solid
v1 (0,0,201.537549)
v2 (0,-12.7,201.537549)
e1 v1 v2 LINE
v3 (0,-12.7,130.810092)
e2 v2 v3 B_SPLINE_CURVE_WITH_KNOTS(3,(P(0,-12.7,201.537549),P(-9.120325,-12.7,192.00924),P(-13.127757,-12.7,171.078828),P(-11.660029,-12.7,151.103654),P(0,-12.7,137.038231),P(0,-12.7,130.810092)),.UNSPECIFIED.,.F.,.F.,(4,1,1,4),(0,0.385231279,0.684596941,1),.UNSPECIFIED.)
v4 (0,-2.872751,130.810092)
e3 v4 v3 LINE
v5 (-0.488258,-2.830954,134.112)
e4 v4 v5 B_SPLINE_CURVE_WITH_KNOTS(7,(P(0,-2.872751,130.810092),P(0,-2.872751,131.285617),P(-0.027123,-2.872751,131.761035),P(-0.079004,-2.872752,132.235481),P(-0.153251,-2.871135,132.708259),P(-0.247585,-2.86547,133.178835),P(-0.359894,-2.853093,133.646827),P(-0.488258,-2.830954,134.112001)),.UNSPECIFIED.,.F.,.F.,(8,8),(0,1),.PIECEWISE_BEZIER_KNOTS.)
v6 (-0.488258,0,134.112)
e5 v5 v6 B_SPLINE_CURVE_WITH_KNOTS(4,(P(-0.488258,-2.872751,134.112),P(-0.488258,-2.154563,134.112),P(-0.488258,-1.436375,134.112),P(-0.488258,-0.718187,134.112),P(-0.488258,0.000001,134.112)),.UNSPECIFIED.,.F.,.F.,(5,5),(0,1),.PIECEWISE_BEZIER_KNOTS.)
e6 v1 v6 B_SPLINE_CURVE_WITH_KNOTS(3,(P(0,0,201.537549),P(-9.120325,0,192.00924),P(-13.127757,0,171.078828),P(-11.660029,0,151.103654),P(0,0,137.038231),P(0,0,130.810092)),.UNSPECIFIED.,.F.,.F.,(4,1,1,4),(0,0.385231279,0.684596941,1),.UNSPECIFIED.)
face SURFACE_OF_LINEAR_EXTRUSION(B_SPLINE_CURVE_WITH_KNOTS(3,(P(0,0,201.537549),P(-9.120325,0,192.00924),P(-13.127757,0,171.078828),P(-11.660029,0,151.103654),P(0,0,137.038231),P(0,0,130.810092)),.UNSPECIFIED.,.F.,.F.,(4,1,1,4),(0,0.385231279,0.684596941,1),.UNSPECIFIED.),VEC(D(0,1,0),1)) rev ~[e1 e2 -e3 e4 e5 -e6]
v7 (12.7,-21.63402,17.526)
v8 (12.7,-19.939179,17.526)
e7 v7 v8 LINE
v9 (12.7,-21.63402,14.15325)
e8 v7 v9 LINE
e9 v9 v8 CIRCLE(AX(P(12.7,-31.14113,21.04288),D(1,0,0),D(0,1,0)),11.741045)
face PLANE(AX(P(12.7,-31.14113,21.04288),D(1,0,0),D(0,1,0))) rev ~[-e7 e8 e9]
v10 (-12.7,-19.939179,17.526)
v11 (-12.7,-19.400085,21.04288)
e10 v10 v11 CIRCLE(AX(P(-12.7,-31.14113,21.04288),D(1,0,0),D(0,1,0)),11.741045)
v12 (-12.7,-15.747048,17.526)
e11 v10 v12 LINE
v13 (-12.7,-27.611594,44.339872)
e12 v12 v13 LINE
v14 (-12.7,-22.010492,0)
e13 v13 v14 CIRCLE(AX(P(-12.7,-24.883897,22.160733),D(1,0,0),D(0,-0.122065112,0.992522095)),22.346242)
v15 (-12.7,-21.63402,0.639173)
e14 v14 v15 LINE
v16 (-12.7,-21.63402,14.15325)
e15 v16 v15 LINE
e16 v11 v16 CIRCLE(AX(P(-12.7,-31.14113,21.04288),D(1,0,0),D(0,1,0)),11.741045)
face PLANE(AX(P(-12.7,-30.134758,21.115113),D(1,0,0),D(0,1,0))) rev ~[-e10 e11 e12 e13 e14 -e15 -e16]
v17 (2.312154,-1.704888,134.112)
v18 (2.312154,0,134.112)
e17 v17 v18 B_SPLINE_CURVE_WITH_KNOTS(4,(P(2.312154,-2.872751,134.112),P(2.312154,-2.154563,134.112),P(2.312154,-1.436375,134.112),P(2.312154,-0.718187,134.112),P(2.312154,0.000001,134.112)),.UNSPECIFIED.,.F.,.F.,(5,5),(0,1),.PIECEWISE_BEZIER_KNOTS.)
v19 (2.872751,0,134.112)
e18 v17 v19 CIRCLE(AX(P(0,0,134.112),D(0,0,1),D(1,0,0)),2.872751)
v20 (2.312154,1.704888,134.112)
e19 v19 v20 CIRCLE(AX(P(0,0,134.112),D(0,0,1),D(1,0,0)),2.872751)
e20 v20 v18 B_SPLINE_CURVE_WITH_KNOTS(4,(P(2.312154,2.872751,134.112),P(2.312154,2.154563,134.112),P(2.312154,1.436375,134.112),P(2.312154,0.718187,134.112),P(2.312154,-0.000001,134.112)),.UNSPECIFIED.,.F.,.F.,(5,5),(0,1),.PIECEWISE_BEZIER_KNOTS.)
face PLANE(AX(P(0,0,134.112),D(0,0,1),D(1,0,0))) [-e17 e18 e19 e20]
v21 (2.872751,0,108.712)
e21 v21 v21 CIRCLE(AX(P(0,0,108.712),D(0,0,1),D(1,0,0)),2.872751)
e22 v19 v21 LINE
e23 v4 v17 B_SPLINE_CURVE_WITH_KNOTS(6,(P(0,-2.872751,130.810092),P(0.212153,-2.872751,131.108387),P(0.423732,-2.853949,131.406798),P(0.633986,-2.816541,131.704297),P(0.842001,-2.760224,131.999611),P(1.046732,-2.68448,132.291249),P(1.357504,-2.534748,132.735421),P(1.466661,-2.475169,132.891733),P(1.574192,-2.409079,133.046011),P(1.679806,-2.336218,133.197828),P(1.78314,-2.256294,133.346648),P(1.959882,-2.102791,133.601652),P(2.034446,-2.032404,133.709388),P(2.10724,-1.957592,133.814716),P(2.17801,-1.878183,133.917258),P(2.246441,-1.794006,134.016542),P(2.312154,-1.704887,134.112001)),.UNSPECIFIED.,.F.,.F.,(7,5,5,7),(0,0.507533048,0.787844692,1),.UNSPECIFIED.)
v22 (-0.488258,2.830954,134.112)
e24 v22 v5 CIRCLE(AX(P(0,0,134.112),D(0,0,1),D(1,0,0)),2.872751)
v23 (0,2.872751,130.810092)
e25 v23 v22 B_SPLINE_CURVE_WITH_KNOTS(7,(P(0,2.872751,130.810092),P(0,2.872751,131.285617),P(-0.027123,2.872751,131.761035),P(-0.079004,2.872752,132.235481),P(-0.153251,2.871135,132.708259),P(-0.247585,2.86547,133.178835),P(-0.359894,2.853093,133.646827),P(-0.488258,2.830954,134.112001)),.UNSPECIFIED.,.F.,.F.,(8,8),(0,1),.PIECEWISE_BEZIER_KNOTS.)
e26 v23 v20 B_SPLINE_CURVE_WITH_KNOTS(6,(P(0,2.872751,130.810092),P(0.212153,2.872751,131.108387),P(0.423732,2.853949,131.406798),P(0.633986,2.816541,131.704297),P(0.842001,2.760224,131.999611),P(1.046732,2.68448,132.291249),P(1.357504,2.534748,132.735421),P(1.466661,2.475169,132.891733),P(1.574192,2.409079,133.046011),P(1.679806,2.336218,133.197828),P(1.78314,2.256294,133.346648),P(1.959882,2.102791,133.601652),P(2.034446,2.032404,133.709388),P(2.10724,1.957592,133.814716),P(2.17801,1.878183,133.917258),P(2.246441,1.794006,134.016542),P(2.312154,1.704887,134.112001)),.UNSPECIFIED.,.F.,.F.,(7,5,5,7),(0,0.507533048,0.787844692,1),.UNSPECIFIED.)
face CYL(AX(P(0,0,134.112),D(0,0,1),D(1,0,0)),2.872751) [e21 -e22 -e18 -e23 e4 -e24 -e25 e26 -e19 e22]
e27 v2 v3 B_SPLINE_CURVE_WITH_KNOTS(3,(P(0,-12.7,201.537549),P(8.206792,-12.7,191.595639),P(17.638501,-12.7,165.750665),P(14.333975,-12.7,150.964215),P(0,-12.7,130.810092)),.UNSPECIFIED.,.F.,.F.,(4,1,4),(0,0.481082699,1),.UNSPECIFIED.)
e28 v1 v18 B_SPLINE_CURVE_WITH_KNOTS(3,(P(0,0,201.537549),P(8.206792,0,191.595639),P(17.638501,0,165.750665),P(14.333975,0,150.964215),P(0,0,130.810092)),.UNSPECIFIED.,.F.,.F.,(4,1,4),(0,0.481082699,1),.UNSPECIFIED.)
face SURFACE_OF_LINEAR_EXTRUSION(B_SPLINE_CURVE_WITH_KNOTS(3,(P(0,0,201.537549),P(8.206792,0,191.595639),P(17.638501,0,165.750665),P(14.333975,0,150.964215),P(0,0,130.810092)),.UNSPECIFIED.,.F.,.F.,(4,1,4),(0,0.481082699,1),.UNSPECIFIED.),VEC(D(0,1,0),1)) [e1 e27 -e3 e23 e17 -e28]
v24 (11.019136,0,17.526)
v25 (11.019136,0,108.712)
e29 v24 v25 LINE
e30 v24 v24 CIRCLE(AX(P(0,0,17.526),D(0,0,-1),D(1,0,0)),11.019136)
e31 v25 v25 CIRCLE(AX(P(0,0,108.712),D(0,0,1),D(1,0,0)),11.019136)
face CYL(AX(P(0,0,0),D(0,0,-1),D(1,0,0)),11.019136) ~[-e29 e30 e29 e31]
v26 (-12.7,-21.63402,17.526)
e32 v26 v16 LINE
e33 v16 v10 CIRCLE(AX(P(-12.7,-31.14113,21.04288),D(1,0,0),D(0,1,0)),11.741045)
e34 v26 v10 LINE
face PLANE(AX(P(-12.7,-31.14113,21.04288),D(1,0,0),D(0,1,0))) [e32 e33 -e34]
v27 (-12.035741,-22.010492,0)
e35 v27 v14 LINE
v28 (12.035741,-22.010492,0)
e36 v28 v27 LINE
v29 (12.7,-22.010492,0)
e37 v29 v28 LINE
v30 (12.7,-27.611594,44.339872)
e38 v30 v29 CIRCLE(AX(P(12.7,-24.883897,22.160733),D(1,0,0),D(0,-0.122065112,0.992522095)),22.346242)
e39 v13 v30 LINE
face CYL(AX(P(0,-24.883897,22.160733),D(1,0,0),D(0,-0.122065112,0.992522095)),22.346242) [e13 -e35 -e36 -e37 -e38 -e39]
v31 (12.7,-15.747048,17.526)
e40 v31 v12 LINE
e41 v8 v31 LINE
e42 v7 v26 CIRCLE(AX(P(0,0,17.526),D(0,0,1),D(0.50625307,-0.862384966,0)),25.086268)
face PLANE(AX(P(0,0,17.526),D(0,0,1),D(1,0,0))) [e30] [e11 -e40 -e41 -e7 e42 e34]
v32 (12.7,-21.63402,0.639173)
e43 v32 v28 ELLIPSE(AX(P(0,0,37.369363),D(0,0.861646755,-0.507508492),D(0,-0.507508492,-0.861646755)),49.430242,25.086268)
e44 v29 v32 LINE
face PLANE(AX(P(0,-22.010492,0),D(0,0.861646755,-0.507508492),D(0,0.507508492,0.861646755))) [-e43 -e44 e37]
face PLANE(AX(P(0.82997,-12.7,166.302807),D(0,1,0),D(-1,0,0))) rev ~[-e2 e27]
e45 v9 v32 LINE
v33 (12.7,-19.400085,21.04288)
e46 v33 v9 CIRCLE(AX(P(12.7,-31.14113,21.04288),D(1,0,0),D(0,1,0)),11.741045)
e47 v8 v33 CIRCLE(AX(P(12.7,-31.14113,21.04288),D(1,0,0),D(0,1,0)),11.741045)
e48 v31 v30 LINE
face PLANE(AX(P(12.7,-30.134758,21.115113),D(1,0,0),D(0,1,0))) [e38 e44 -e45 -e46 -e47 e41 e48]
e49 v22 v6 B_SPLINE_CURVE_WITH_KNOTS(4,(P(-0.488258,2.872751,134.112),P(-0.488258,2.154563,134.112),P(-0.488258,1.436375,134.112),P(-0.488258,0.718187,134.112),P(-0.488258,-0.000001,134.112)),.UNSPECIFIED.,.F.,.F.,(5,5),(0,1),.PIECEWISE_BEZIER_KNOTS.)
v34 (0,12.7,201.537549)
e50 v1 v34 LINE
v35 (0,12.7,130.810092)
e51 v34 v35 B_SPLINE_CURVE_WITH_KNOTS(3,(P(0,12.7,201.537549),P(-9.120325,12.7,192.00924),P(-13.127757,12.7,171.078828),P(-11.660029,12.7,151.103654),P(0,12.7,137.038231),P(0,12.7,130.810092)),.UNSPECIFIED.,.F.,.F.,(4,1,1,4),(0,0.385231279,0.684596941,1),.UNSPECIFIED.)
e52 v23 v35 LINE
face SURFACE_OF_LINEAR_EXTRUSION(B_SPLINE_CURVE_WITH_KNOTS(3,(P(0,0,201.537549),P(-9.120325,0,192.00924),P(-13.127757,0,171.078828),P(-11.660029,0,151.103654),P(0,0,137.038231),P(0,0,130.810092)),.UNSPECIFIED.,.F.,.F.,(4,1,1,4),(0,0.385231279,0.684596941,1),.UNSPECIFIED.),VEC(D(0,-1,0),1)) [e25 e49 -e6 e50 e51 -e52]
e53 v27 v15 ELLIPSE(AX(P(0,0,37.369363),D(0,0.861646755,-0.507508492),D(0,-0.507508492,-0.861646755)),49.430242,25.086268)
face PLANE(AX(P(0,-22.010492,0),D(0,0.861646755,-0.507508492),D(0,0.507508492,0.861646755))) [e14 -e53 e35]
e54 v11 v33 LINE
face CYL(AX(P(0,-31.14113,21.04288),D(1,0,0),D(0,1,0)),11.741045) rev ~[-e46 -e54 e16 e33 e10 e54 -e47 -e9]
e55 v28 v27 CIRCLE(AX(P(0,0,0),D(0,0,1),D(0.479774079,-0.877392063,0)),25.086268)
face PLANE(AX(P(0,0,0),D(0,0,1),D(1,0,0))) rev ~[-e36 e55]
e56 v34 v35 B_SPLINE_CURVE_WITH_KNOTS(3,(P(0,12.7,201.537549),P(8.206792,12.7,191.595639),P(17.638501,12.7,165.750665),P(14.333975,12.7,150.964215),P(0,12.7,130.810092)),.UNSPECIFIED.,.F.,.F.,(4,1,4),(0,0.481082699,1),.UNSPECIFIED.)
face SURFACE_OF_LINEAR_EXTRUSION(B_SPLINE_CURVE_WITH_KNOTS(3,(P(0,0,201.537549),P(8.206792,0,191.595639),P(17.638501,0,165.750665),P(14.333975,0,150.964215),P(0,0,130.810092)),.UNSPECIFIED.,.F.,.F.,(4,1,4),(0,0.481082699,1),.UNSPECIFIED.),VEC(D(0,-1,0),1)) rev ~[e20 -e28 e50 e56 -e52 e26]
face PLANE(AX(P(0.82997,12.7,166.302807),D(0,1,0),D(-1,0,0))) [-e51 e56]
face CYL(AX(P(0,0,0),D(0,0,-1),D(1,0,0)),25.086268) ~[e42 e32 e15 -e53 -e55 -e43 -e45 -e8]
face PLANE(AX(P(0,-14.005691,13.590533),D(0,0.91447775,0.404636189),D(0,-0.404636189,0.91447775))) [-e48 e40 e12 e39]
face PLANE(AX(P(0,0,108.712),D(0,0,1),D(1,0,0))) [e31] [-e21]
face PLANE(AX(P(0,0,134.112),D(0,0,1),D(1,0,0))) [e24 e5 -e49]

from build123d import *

# Parameters (mm, degrees)
F0_R      = 25.0862676095
F0_R_2    = 9.9212052261
F1_DEPTH  = 17.526
F2_R      = 11.0191356669
F3_DEPTH  = 108.712
F5_R      = 2.8727507543
F6_DEPTH  = 25.4
F8_DEPTH  = 12.7
F9_R      = 11.7410453839
F10_DEPTH = 12.7
F12_DEPTH = 12.7


with BuildPart() as f1:
    # F0 (on Top) → F1 (new body)
    with BuildSketch(Plane.XY):
        Circle(F0_R)
        Circle(F0_R_2, mode=Mode.SUBTRACT)
    extrude(amount=F1_DEPTH)

    # F2 (on Top) → F3 (join)
    with BuildSketch(Plane.XY):
        Circle(F2_R)
    extrude(amount=F3_DEPTH)

    # F5 (on offset) → F6 (join)
    with BuildSketch(Plane.XY.offset(134.112)):
        Circle(F5_R)
    extrude(amount=-F6_DEPTH)

    # F7 (on Right) → F8 (join, symmetric)
    with BuildSketch(Plane.YZ):
        with BuildLine():
            Line((-14.0056908131, 13.5905332863), (-27.6115936243, 44.3398724095))
            ThreePointArc((-27.6115936243, 44.3398724095), (-47.0539529538, 19.3601672357), (-22.0104921012, 0))
            Line((-22.0104921012, 0), (-14.0056908131, 13.5905332863))
        make_face()
    extrude(amount=F8_DEPTH, both=True)

    # F9 (on Right) → F10 (cut, symmetric)
    with BuildSketch(Plane.YZ):
        with Locations((-31.1411302537, 21.0428796709)):
            Circle(F9_R)
    extrude(amount=F10_DEPTH, both=True, mode=Mode.SUBTRACT)

    # F11 (on Front) → F12 (join, symmetric)
    with BuildSketch(Plane.XZ):
        with BuildLine():
            add(Edge.make_bspline(
                [(0, 201.5375494957), (8.2067918749, 191.5956386678), (17.6385011209, 165.7506647475), (14.33397457, 150.9642153978), (0, 130.8100919055)],
                knots=[0, 0, 0, 0, 0.4810826992, 1, 1, 1, 1], degree=3))
            add(Edge.make_bspline(
                [(0, 201.5375494957), (-9.1203246266, 192.0092403889), (-13.1277565836, 171.0788275856), (-11.6600287617, 151.1036541195), (0, 137.038230896), (0, 130.8100919055)],
                knots=[0, 0, 0, 0, 0.3852312794, 0.6845969407, 1, 1, 1, 1], degree=3))
        make_face()
    extrude(amount=F12_DEPTH, both=True)


solid = f1.part
